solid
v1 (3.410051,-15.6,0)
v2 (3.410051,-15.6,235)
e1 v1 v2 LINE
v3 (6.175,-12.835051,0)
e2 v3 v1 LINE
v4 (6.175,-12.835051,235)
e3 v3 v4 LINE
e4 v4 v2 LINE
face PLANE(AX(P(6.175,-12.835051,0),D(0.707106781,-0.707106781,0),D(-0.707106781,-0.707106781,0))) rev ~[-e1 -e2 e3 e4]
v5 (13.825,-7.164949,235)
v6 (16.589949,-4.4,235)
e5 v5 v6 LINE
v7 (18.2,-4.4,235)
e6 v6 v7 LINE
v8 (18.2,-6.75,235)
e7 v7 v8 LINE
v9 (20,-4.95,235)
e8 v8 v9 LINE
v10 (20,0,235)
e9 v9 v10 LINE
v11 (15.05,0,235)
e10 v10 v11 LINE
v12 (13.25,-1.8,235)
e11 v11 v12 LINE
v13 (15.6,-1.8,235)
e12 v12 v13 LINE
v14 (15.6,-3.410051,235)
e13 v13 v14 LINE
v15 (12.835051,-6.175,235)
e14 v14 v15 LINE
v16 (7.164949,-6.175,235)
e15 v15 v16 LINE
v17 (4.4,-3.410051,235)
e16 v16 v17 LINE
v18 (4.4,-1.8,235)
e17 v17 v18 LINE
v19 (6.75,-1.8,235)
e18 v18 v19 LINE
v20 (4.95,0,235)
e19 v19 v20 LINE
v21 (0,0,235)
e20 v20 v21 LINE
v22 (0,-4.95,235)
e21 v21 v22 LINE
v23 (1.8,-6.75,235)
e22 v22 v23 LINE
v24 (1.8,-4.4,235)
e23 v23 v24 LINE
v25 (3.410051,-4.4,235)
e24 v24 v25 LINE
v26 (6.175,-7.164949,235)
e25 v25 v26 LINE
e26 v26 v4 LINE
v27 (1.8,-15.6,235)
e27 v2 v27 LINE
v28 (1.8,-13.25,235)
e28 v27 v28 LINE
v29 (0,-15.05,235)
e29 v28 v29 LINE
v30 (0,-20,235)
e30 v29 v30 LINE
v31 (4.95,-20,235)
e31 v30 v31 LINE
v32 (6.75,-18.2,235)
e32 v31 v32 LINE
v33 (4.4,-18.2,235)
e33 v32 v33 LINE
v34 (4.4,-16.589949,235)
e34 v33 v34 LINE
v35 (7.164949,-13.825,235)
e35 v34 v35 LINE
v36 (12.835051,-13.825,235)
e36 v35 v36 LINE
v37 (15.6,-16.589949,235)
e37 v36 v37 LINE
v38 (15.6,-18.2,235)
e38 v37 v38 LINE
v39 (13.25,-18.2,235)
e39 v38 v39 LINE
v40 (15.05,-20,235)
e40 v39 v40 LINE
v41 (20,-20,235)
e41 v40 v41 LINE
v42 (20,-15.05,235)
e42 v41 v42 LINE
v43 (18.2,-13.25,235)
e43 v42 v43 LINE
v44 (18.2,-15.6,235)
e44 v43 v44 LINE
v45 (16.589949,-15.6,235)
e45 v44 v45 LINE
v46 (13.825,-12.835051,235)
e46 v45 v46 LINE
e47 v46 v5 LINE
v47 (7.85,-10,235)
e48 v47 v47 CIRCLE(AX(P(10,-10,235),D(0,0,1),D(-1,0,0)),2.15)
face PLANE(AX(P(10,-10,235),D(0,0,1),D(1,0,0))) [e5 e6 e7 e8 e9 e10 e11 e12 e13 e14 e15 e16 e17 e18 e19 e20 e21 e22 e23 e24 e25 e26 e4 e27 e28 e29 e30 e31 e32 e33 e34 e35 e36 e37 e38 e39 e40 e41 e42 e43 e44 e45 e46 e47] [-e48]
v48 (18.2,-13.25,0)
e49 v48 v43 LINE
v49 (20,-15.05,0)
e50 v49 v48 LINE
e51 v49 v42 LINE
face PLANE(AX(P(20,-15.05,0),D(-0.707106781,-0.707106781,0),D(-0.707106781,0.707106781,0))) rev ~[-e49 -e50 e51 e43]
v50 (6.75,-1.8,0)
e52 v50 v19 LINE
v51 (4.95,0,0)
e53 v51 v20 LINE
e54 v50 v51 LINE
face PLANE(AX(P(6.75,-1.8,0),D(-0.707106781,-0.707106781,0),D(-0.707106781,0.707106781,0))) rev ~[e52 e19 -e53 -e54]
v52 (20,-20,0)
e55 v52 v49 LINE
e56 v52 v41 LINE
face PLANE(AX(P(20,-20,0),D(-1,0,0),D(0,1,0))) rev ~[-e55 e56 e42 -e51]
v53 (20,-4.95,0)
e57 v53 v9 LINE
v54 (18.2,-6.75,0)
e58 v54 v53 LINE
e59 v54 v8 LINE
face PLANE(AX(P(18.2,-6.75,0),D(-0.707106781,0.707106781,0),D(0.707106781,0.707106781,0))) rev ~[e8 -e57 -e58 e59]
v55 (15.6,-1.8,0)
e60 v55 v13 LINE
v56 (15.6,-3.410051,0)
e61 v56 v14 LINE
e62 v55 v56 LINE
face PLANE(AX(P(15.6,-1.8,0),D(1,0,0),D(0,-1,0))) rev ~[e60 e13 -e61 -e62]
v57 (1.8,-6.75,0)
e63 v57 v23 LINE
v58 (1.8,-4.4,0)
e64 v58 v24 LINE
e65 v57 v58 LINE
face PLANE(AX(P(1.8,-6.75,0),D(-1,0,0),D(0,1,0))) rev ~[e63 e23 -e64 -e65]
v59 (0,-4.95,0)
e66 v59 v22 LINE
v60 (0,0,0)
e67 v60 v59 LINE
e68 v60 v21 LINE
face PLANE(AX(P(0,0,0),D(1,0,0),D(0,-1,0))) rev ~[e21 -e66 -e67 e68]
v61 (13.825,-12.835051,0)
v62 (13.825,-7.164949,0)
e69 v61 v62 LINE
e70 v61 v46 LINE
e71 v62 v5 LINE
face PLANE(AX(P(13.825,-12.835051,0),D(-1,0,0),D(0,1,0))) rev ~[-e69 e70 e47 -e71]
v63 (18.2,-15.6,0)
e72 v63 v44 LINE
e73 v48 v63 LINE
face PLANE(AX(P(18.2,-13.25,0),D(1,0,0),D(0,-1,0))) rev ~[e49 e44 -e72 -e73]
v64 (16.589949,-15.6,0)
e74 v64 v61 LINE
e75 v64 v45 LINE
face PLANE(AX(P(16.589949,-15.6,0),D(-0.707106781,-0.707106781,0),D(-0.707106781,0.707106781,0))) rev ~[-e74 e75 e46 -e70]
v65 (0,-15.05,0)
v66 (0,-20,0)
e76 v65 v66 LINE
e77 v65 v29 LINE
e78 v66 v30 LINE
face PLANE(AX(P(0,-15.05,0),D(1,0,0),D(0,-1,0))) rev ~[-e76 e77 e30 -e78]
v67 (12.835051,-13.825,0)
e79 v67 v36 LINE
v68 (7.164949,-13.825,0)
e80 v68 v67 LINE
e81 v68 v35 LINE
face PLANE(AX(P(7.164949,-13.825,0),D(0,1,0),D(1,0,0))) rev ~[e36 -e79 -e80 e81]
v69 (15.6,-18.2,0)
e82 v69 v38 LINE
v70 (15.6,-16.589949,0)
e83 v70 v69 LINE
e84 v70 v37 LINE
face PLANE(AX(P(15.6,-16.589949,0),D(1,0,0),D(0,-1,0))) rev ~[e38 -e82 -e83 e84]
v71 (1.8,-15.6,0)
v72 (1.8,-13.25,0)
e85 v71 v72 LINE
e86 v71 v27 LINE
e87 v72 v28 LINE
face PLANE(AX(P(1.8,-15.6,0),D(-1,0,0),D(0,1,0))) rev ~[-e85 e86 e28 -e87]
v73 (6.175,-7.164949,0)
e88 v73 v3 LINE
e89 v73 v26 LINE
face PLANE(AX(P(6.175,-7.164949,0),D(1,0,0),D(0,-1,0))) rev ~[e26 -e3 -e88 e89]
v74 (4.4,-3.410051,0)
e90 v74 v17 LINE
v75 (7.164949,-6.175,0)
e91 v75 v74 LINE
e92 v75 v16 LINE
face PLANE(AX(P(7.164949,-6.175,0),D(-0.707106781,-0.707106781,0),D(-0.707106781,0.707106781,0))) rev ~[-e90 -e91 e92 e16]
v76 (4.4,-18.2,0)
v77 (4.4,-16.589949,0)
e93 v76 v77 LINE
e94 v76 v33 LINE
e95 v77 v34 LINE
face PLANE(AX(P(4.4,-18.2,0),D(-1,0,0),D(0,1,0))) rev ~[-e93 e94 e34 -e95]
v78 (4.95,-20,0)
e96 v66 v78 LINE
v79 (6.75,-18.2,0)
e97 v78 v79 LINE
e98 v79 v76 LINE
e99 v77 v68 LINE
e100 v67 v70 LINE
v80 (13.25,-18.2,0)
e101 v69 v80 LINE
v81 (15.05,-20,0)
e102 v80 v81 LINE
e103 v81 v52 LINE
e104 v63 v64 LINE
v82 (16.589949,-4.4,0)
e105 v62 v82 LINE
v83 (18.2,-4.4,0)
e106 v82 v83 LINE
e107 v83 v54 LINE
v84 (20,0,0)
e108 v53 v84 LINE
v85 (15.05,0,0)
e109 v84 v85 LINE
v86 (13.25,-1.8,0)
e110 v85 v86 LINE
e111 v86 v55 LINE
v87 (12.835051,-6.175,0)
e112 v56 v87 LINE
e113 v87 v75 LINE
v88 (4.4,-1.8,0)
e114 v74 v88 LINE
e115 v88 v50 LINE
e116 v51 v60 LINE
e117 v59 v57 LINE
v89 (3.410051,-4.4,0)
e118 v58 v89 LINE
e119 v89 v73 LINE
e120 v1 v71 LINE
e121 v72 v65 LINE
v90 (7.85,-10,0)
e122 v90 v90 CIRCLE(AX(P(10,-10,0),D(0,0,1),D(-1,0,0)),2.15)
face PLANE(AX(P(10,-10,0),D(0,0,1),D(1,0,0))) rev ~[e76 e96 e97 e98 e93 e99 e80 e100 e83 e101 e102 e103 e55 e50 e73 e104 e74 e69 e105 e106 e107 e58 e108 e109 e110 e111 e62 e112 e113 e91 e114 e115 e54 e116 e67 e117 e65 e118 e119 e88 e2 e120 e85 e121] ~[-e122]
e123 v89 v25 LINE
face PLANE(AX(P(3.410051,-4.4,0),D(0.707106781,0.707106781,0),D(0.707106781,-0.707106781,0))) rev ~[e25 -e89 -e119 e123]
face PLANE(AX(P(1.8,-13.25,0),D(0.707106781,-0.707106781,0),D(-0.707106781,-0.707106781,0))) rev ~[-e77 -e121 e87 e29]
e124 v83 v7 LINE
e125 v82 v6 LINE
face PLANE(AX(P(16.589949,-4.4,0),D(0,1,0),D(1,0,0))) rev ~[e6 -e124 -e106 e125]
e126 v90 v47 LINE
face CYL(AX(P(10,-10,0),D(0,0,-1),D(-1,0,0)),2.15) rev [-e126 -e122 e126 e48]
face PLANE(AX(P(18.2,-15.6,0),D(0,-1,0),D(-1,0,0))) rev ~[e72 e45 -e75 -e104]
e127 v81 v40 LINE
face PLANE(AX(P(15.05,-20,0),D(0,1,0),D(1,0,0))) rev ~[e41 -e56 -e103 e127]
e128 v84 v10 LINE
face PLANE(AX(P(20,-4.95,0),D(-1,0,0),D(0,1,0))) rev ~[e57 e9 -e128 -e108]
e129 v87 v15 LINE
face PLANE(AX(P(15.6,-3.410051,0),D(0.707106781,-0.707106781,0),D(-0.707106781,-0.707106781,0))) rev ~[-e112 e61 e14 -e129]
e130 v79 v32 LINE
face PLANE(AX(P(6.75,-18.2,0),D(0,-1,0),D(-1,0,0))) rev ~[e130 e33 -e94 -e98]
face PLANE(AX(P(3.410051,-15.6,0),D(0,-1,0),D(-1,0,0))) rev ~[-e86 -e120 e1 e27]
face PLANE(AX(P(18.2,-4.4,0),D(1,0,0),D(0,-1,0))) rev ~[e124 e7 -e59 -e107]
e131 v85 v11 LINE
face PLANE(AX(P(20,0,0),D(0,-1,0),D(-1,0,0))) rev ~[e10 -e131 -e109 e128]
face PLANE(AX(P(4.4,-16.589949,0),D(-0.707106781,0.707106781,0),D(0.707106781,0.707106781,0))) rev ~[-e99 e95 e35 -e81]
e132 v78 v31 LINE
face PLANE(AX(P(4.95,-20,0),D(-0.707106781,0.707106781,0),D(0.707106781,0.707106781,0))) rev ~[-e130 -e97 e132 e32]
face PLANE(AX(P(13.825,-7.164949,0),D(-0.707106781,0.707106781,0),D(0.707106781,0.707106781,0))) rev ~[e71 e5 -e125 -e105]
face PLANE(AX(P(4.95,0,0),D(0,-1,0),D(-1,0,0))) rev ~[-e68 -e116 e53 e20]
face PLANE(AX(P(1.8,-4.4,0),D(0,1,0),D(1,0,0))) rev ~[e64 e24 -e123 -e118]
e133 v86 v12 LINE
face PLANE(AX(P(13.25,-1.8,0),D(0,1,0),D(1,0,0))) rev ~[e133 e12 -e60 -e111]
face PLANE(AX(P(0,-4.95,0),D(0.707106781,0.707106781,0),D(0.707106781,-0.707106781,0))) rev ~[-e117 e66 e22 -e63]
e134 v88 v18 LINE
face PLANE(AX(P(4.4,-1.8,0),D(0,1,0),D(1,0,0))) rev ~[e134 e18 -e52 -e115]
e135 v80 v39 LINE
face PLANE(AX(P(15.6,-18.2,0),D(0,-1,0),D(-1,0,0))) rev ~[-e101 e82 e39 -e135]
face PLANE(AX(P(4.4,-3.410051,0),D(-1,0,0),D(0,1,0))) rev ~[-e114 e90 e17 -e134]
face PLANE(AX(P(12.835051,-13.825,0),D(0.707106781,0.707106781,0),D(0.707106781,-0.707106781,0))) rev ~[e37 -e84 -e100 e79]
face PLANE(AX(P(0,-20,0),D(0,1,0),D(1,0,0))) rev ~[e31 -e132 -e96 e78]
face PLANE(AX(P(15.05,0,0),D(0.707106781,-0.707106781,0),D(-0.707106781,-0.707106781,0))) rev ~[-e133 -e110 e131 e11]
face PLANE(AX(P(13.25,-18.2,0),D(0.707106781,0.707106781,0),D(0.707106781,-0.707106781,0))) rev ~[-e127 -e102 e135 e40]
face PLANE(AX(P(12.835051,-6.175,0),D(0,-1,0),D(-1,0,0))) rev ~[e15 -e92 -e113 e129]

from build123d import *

# Parameters (mm, degrees)
CROQUIS1_R      = 2.15
BOSCHBASE_DEPTH = 235


with BuildPart() as part:
    # Croquis1 → BoschBase (new body)
    with BuildSketch(Plane.XY):
        Polygon((4.4, 0), (0, 0), (0, -0.56736664), (0, -4.4), (0, -4.95), (1.8, -6.75), (1.8, -4.4), (3.410050506, -4.4), (6.175, -7.164949494), (6.175, -12.835050506), (3.410050506, -15.6), (1.8, -15.6), (1.8, -13.25), (0, -15.05), (0, -15.6), (0, -20), (4.4, -20), (4.95, -20), (6.75, -18.2), (4.4, -18.2), (4.4, -16.589949494), (7.164949494, -13.825), (12.835050506, -13.825), (15.6, -16.589949494), (15.6, -18.2), (13.25, -18.2), (15.05, -20), (15.6, -20), (18.2, -20), (20, -20), (20, -15.6), (20, -15.05), (18.2, -13.25), (18.2, -15.6), (16.589949494, -15.6), (13.825, -12.835050506), (13.825, -7.164949494), (16.589949494, -4.4), (18.2, -4.4), (18.2, -6.75), (20, -4.95), (20, -4.4), (20, 0), (15.6, 0), (15.05, 0), (13.25, -1.8), (15.6, -1.8), (15.6, -3.410050506), (12.835050506, -6.175), (7.164949494, -6.175), (4.4, -3.410050506), (4.4, -1.8), (6.75, -1.8), (4.95, 0), align=None)
        with Locations(Location((10, -10, 0), (0, 0, 180))):
            Circle(CROQUIS1_R, mode=Mode.SUBTRACT)
    extrude(amount=BOSCHBASE_DEPTH)


solid = part.part
